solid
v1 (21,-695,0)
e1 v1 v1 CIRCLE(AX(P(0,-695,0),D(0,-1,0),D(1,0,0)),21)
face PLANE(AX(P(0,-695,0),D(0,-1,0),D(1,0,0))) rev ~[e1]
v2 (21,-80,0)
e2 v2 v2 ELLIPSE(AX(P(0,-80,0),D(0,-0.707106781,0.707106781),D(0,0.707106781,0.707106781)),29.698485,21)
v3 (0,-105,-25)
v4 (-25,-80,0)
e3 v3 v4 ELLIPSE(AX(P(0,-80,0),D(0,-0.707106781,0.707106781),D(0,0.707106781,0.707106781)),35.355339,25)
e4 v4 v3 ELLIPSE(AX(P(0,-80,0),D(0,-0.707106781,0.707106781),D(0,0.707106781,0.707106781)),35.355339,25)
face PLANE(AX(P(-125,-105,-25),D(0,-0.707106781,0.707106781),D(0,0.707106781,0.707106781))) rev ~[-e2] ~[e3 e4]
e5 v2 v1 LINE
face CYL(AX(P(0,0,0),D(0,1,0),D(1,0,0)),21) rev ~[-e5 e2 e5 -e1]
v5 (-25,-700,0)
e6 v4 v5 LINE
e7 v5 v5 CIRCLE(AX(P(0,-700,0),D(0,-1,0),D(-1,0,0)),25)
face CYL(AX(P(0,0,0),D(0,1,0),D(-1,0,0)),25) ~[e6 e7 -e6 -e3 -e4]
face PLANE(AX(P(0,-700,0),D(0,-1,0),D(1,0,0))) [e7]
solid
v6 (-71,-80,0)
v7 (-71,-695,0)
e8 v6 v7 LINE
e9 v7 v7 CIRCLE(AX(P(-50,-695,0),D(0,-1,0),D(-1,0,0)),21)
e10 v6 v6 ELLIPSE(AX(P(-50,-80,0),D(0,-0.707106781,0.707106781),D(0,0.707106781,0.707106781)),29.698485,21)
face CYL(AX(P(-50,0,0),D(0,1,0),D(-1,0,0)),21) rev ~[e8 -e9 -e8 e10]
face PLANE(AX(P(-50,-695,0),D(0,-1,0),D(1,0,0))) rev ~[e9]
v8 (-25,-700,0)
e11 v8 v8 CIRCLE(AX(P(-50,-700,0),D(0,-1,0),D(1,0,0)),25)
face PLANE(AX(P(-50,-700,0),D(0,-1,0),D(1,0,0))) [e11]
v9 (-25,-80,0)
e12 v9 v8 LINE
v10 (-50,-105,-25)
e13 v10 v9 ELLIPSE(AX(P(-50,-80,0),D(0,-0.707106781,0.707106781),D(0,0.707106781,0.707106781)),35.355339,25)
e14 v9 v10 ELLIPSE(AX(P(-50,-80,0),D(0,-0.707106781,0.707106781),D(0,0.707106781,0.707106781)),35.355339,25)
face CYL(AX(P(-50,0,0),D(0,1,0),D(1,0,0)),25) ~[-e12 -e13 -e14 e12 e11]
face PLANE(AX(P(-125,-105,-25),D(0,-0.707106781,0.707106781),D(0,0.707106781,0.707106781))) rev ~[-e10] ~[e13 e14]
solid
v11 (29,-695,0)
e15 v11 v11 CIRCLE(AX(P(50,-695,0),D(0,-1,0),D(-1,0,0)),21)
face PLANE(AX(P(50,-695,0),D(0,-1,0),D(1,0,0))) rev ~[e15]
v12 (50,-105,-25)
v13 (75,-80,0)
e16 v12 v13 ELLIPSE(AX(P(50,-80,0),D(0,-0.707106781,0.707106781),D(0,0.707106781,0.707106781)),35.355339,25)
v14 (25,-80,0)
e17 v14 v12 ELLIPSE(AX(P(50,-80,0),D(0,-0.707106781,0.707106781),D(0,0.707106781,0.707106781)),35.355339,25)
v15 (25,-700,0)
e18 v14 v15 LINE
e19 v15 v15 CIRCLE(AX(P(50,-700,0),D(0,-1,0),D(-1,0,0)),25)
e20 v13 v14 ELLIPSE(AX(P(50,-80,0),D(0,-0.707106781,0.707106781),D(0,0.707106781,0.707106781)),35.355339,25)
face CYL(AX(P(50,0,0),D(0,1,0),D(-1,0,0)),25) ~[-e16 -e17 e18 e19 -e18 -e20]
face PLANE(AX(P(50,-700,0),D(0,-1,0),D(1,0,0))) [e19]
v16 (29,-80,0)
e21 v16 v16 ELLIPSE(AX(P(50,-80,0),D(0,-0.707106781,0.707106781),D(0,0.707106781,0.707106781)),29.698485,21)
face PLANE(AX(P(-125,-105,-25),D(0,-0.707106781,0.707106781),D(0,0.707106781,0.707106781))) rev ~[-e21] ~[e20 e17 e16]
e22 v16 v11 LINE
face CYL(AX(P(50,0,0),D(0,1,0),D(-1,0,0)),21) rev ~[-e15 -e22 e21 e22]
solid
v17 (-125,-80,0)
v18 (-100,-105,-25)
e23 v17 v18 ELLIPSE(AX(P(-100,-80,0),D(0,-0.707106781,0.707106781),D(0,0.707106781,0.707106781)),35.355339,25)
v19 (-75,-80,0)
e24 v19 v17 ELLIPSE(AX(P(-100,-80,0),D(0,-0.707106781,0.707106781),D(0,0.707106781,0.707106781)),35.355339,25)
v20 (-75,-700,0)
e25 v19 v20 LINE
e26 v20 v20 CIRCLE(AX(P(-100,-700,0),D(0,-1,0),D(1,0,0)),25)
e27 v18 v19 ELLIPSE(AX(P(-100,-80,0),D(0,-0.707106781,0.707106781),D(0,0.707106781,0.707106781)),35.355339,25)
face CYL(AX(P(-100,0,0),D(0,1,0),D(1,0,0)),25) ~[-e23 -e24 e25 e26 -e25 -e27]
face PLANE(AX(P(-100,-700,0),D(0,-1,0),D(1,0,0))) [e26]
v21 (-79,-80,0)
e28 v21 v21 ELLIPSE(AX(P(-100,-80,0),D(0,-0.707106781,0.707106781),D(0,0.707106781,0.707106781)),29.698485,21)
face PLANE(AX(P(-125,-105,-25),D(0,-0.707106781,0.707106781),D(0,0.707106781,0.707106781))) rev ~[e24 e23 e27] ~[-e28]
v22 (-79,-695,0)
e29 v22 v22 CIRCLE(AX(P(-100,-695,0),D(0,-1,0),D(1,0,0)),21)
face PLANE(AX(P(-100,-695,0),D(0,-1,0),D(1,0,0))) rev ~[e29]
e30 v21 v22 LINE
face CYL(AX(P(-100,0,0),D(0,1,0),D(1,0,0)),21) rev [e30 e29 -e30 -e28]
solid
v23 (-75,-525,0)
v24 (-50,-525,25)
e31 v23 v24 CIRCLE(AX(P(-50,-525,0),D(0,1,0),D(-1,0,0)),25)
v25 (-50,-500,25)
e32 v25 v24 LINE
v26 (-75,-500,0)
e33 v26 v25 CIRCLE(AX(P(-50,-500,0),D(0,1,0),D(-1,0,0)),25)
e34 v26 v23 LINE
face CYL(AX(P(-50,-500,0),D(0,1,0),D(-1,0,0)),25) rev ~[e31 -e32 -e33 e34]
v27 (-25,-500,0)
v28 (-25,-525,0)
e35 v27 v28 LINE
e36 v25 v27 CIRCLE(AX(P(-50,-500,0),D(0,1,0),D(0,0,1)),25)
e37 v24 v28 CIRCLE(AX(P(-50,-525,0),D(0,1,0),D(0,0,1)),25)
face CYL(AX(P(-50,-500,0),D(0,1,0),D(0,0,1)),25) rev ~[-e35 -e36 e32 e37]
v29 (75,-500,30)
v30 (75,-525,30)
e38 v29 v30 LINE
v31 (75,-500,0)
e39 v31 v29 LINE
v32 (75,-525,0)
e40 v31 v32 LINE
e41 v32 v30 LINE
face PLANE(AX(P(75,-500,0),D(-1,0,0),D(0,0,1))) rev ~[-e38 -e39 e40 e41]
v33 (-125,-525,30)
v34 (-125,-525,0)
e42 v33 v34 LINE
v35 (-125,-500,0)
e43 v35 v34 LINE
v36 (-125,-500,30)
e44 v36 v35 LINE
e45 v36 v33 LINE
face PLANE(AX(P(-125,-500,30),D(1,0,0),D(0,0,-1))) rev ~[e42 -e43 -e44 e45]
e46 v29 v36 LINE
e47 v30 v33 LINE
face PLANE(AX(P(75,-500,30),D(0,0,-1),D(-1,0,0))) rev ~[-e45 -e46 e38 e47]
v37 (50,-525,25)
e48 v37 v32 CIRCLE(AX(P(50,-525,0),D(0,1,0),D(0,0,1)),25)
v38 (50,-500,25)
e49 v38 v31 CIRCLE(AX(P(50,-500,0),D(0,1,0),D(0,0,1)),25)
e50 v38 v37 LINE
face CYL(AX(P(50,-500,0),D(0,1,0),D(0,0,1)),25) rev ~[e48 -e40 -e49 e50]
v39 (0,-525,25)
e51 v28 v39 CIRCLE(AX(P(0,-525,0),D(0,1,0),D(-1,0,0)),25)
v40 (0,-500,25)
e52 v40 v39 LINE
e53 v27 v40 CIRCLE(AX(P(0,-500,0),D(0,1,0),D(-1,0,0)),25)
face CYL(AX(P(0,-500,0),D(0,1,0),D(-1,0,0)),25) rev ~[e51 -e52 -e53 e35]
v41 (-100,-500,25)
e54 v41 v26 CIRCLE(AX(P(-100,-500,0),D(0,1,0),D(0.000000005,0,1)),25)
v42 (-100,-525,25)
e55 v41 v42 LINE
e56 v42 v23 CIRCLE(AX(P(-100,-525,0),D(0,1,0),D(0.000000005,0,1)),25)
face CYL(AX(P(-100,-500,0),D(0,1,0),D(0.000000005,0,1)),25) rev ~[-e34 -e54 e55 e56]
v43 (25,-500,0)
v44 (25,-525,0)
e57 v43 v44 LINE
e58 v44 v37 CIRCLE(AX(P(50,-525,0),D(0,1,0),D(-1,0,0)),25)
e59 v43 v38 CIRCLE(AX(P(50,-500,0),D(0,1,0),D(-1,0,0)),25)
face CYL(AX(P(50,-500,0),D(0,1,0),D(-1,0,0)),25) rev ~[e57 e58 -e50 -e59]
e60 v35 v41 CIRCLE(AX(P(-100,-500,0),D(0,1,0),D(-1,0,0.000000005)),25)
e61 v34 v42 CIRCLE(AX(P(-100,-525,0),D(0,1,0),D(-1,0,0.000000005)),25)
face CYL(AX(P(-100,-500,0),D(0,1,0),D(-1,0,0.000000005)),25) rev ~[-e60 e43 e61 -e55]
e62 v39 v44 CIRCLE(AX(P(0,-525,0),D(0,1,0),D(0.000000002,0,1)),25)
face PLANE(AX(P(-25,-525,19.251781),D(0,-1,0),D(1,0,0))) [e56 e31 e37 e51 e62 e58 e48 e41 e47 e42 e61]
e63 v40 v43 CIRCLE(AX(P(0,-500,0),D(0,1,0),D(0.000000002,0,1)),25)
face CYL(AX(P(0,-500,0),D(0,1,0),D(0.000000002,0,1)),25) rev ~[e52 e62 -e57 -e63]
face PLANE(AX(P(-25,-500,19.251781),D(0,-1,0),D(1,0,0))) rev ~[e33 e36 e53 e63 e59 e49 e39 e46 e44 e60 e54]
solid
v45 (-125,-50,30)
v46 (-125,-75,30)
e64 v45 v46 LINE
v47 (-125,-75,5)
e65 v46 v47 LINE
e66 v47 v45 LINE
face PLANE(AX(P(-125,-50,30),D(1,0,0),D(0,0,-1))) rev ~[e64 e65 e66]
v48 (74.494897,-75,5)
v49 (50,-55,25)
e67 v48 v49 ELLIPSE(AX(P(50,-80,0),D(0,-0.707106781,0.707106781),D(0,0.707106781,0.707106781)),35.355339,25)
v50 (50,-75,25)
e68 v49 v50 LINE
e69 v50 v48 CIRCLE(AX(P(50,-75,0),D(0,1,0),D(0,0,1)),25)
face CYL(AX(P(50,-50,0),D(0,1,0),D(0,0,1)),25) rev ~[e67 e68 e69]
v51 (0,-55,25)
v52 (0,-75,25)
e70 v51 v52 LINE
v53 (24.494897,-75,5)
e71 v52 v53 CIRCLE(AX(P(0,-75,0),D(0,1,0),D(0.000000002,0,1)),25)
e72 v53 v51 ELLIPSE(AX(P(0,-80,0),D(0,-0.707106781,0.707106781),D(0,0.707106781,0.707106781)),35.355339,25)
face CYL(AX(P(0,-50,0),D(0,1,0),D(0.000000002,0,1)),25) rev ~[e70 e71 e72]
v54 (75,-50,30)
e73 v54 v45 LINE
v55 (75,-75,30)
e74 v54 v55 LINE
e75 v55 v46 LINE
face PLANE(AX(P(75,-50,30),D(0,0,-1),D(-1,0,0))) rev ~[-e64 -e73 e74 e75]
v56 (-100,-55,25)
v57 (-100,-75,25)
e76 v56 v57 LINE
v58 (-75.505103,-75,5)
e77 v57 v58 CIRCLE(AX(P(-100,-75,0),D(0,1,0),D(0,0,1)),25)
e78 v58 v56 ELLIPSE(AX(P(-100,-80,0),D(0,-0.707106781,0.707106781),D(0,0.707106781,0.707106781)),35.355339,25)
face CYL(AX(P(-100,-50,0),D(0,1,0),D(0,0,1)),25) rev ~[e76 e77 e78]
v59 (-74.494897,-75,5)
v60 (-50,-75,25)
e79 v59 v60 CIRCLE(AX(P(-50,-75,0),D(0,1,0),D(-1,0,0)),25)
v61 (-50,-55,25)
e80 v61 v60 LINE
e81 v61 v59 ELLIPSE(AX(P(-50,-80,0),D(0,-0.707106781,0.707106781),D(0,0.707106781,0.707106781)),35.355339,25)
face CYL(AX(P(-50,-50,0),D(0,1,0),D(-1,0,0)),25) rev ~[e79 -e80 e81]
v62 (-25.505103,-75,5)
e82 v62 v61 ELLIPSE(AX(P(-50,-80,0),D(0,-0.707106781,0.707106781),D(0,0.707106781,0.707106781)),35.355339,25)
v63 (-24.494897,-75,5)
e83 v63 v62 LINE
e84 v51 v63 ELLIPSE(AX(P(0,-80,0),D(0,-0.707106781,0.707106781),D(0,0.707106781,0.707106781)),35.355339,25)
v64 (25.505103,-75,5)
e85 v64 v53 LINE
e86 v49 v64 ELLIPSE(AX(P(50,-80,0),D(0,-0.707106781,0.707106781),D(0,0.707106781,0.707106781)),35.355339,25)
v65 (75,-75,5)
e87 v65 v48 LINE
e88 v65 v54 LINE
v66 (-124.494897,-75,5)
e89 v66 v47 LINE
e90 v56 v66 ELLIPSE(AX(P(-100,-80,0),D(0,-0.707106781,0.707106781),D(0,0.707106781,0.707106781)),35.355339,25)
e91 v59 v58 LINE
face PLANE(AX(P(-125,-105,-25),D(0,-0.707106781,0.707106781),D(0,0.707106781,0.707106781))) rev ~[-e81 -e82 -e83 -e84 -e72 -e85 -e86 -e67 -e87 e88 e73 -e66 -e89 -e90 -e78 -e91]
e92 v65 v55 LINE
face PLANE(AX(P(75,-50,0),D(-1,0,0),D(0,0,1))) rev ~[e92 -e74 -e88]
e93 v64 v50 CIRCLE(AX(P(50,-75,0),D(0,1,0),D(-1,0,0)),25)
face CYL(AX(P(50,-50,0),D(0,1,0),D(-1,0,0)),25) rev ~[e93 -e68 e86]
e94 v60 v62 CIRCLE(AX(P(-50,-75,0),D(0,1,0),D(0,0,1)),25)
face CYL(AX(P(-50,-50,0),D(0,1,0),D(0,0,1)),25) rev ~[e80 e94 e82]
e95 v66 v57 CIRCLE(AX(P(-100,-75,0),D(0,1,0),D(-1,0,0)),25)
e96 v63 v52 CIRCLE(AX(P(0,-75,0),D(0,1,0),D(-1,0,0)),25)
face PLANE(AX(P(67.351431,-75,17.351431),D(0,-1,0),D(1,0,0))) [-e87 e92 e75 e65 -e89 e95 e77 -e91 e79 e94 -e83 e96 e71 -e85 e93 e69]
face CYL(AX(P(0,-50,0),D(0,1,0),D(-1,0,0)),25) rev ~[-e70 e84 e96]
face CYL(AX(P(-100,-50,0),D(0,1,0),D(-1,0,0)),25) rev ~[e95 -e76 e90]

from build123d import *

# Parameters (mm, degrees)
F1_DEPTH    = 700
F0_R        = 25
F0_R_2      = 21
F4_DEPTH    = 25
F7_DEPTH    = 25
F10_DEPTH   = 5
F9_R        = 21
F1_FACE_R   = 25
F1_FACE_R_2 = 21
F11_DEPTH   = 50
F13_DEPTH   = 200


with BuildPart() as f1:
    # F0 (on Front) → F1 (new body)
    with BuildSketch(Plane.XZ):
        with BuildLine():
            Line((21, 0), (25, 0))
            ThreePointArc((25, 0), (0, 25), (-25, 0))
            Line((-25, 0), (-21, 0))
            ThreePointArc((-21, 0), (0, 21), (21, 0))
        make_face()
        with BuildLine():
            ThreePointArc((-25, 0), (0, -25), (25, 0))
            Line((25, 0), (21, 0))
            ThreePointArc((21, 0), (0, -21), (-21, 0))
            Line((-21, 0), (-25, 0))
        make_face()
    extrude(amount=F1_DEPTH)

    # F9 (on face) → F10, piece 2 (join)
    with BuildSketch(Plane.XZ.offset(700)):
        with BuildLine():
            ThreePointArc((-21, 0), (0, -21), (21, 0))
            ThreePointArc((21, 0), (0, 21), (-21, 0))
        make_face()
    extrude(amount=-F10_DEPTH)


with BuildPart() as f1b:
    # F0 (on Front) → F1, piece 2 (new body)
    with BuildSketch(Plane.XZ):
        with Locations((-100, 0)):
            Circle(F0_R)
        with Locations((-100, 0)):
            Circle(F0_R_2, mode=Mode.SUBTRACT)
    extrude(amount=F1_DEPTH)

    # F9 (on face) → F10, piece 4 (join)
    with BuildSketch(Plane.XZ.offset(700)):
        with Locations((-100, 0)):
            Circle(F9_R)
    extrude(amount=-F10_DEPTH)


with BuildPart() as f1c:
    # F0 (on Front) → F1, piece 3 (new body)
    with BuildSketch(Plane.XZ):
        with BuildLine():
            ThreePointArc((-75, 0), (-50, -25), (-25, 0))
            Line((-25, 0), (-29, 0))
            ThreePointArc((-29, 0), (-50, -21), (-71, 0))
            Line((-71, 0), (-75, 0))
        make_face()
        with BuildLine():
            Line((-29, 0), (-25, 0))
            ThreePointArc((-25, 0), (-50, 25), (-75, 0))
            Line((-75, 0), (-71, 0))
            ThreePointArc((-71, 0), (-50, 21), (-29, 0))
        make_face()
    extrude(amount=F1_DEPTH)

    # F9 (on face) → F10, piece 3 (join)
    with BuildSketch(Plane.XZ.offset(700)):
        with Locations((-50, 0)):
            Circle(F9_R)
    extrude(amount=-F10_DEPTH)


with BuildPart() as f1d:
    # F0 (on Front) → F1, piece 4 (new body)
    with BuildSketch(Plane.XZ):
        with BuildLine():
            ThreePointArc((75, 0), (50, 25), (25, 0))
            ThreePointArc((25, 0), (50, -25), (75, 0))
        make_face()
        with BuildLine():
            ThreePointArc((71, 0), (50, -21), (29, 0))
            ThreePointArc((29, 0), (50, 21), (71, 0))
        make_face(mode=Mode.SUBTRACT)
    extrude(amount=F1_DEPTH)

    # F9 (on face) → F10 (join)
    with BuildSketch(Plane.XZ.offset(700)):
        with BuildLine():
            ThreePointArc((29, 0), (50, -21), (71, 0))
            ThreePointArc((71, 0), (50, 21), (29, 0))
        make_face()
    extrude(amount=-F10_DEPTH)


with BuildPart() as f4:
    # F3 (on offset) → F4 (new body)
    with BuildSketch(Plane.XZ.offset(50)):
        with BuildLine():
            ThreePointArc((50, 25), (67.6776695297, 17.6776695297), (75, 0))
            Line((75, 0), (75, 25))
            Line((75, 25), (50, 25))
        make_face()
        with BuildLine():
            ThreePointArc((-100, 25), (-82.3223304703, 17.6776695297), (-75, 0))
            ThreePointArc((-75, 0), (-67.6776695297, 17.6776695297), (-50, 25))
            Line((-50, 25), (-100, 25))
        make_face()
        with BuildLine():
            Line((-100, 25), (-125, 25))
            Line((-125, 25), (-125, 0))
            ThreePointArc((-125, 0), (-117.6776695297, 17.6776695297), (-100, 25))
        make_face()
        with BuildLine():
            ThreePointArc((5.22e-08, 25), (17.6776695481, 17.6776695112), (25, 0))
            ThreePointArc((25, 0), (32.3223304703, 17.6776695297), (50, 25))
            Line((50, 25), (5.22e-08, 25))
        make_face()
        with BuildLine():
            ThreePointArc((-50, 25), (-32.3223304703, 17.6776695297), (-25, 0))
            ThreePointArc((-25, 0), (-17.6776695112, 17.6776695481), (5.22e-08, 25))
            Line((5.22e-08, 25), (-50, 25))
        make_face()
        Polygon((50, 25), (75, 25), (75, 30), (-125, 30), (-125, 25), (-100, 25), (-50, 25), (5.22e-08, 25), align=None)
    extrude(amount=F4_DEPTH)


with BuildPart() as f7:
    # F6 (on offset) → F7 (new body)
    with BuildSketch(Plane.XZ.offset(500)):
        with BuildLine():
            ThreePointArc((-50, 25), (-32.3223304703, 17.6776695297), (-25, 0))
            ThreePointArc((-25, 0), (-17.6776695112, 17.6776695481), (5.22e-08, 25))
            Line((5.22e-08, 25), (-50, 25))
        make_face()
        Polygon((50, 25), (75, 25), (75, 30), (-125, 30), (-125, 25), (-99.9999998635, 25), (-50, 25), (5.22e-08, 25), align=None)
        with BuildLine():
            Line((-99.9999998635, 25), (-125, 25))
            Line((-125, 25), (-125, 1.365e-07))
            ThreePointArc((-125, 1.365e-07), (-117.6776694331, 17.6776696262), (-99.9999998635, 25))
        make_face()
        with BuildLine():
            ThreePointArc((50, 25), (67.6776695297, 17.6776695297), (75, 0))
            Line((75, 0), (75, 25))
            Line((75, 25), (50, 25))
        make_face()
        with BuildLine():
            ThreePointArc((5.22e-08, 25), (17.6776695481, 17.6776695112), (25, 0))
            ThreePointArc((25, 0), (32.3223304703, 17.6776695297), (50, 25))
            Line((50, 25), (5.22e-08, 25))
        make_face()
        with BuildLine():
            ThreePointArc((-99.9999998635, 25), (-82.3223304221, 17.6776694814), (-75, 0))
            ThreePointArc((-75, 0), (-67.6776695297, 17.6776695297), (-50, 25))
            Line((-50, 25), (-99.9999998635, 25))
        make_face()
    extrude(amount=F7_DEPTH)


with BuildPart() as f11_tool:
    # F1_face (on face) + F8 (on face) → F11 (new body)
    with BuildSketch(Plane(origin=(-100, 0, 0), x_dir=(1, 0, 0), z_dir=(0, 1, 0))):
        with Locations((50, 0)):
            Circle(F1_FACE_R)
        with Locations((50, 0)):
            Circle(F1_FACE_R_2, mode=Mode.SUBTRACT)
        with Locations((150, 0)):
            Circle(F1_FACE_R)
        with Locations((150, 0)):
            Circle(F1_FACE_R_2, mode=Mode.SUBTRACT)
        with Locations((100, 0)):
            Circle(F1_FACE_R)
        with Locations((100, 0)):
            Circle(F1_FACE_R_2, mode=Mode.SUBTRACT)
    with BuildSketch(Plane(origin=(0, 0, 0), x_dir=(-1, 0, 0), z_dir=(0, 1, 0))):
        with BuildLine():
            ThreePointArc((125, 0), (100, 25), (75, 0))
            ThreePointArc((75, 0), (100, -25), (125, 0))
        make_face()
        with BuildLine():
            ThreePointArc((79, 0), (100, 21), (121, 0))
            ThreePointArc((121, 0), (100, -21), (79, 0))
        make_face(mode=Mode.SUBTRACT)
    extrude(amount=-F11_DEPTH)


with BuildPart() as f1_1:
    add(f1.part)

    # F11: cut by f11_tool
    add(f11_tool.part, mode=Mode.SUBTRACT)


with BuildPart() as f1b_1:
    add(f1b.part)

    # F11: cut by f11_tool
    add(f11_tool.part, mode=Mode.SUBTRACT)


with BuildPart() as f1c_1:
    add(f1c.part)

    # F11: cut by f11_tool
    add(f11_tool.part, mode=Mode.SUBTRACT)


with BuildPart() as f1d_1:
    add(f1d.part)

    # F11: cut by f11_tool
    add(f11_tool.part, mode=Mode.SUBTRACT)


with BuildPart() as f13_tool:
    # F12 (on face) → F13 (new body)
    with BuildSketch(Plane(origin=(-125, 0, 0), x_dir=(0, -1, 0), z_dir=(-1, 0, 0))):
        Polygon((105, -25), (50, 30), (50, -25), align=None)
    extrude(amount=-F13_DEPTH)


with BuildPart() as f1_2:
    add(f1_1.part)

    # F13: cut by f13_tool
    add(f13_tool.part, mode=Mode.SUBTRACT)


with BuildPart() as f1b_2:
    add(f1b_1.part)

    # F13: cut by f13_tool
    add(f13_tool.part, mode=Mode.SUBTRACT)


with BuildPart() as f1c_2:
    add(f1c_1.part)

    # F13: cut by f13_tool
    add(f13_tool.part, mode=Mode.SUBTRACT)


with BuildPart() as f1d_2:
    add(f1d_1.part)

    # F13: cut by f13_tool
    add(f13_tool.part, mode=Mode.SUBTRACT)


with BuildPart() as f4_1:
    add(f4.part)

    # F13: cut by f13_tool
    add(f13_tool.part, mode=Mode.SUBTRACT)


solid = Compound([f7.part, f1_2.part, f1b_2.part, f1c_2.part, f1d_2.part, f4_1.part])
